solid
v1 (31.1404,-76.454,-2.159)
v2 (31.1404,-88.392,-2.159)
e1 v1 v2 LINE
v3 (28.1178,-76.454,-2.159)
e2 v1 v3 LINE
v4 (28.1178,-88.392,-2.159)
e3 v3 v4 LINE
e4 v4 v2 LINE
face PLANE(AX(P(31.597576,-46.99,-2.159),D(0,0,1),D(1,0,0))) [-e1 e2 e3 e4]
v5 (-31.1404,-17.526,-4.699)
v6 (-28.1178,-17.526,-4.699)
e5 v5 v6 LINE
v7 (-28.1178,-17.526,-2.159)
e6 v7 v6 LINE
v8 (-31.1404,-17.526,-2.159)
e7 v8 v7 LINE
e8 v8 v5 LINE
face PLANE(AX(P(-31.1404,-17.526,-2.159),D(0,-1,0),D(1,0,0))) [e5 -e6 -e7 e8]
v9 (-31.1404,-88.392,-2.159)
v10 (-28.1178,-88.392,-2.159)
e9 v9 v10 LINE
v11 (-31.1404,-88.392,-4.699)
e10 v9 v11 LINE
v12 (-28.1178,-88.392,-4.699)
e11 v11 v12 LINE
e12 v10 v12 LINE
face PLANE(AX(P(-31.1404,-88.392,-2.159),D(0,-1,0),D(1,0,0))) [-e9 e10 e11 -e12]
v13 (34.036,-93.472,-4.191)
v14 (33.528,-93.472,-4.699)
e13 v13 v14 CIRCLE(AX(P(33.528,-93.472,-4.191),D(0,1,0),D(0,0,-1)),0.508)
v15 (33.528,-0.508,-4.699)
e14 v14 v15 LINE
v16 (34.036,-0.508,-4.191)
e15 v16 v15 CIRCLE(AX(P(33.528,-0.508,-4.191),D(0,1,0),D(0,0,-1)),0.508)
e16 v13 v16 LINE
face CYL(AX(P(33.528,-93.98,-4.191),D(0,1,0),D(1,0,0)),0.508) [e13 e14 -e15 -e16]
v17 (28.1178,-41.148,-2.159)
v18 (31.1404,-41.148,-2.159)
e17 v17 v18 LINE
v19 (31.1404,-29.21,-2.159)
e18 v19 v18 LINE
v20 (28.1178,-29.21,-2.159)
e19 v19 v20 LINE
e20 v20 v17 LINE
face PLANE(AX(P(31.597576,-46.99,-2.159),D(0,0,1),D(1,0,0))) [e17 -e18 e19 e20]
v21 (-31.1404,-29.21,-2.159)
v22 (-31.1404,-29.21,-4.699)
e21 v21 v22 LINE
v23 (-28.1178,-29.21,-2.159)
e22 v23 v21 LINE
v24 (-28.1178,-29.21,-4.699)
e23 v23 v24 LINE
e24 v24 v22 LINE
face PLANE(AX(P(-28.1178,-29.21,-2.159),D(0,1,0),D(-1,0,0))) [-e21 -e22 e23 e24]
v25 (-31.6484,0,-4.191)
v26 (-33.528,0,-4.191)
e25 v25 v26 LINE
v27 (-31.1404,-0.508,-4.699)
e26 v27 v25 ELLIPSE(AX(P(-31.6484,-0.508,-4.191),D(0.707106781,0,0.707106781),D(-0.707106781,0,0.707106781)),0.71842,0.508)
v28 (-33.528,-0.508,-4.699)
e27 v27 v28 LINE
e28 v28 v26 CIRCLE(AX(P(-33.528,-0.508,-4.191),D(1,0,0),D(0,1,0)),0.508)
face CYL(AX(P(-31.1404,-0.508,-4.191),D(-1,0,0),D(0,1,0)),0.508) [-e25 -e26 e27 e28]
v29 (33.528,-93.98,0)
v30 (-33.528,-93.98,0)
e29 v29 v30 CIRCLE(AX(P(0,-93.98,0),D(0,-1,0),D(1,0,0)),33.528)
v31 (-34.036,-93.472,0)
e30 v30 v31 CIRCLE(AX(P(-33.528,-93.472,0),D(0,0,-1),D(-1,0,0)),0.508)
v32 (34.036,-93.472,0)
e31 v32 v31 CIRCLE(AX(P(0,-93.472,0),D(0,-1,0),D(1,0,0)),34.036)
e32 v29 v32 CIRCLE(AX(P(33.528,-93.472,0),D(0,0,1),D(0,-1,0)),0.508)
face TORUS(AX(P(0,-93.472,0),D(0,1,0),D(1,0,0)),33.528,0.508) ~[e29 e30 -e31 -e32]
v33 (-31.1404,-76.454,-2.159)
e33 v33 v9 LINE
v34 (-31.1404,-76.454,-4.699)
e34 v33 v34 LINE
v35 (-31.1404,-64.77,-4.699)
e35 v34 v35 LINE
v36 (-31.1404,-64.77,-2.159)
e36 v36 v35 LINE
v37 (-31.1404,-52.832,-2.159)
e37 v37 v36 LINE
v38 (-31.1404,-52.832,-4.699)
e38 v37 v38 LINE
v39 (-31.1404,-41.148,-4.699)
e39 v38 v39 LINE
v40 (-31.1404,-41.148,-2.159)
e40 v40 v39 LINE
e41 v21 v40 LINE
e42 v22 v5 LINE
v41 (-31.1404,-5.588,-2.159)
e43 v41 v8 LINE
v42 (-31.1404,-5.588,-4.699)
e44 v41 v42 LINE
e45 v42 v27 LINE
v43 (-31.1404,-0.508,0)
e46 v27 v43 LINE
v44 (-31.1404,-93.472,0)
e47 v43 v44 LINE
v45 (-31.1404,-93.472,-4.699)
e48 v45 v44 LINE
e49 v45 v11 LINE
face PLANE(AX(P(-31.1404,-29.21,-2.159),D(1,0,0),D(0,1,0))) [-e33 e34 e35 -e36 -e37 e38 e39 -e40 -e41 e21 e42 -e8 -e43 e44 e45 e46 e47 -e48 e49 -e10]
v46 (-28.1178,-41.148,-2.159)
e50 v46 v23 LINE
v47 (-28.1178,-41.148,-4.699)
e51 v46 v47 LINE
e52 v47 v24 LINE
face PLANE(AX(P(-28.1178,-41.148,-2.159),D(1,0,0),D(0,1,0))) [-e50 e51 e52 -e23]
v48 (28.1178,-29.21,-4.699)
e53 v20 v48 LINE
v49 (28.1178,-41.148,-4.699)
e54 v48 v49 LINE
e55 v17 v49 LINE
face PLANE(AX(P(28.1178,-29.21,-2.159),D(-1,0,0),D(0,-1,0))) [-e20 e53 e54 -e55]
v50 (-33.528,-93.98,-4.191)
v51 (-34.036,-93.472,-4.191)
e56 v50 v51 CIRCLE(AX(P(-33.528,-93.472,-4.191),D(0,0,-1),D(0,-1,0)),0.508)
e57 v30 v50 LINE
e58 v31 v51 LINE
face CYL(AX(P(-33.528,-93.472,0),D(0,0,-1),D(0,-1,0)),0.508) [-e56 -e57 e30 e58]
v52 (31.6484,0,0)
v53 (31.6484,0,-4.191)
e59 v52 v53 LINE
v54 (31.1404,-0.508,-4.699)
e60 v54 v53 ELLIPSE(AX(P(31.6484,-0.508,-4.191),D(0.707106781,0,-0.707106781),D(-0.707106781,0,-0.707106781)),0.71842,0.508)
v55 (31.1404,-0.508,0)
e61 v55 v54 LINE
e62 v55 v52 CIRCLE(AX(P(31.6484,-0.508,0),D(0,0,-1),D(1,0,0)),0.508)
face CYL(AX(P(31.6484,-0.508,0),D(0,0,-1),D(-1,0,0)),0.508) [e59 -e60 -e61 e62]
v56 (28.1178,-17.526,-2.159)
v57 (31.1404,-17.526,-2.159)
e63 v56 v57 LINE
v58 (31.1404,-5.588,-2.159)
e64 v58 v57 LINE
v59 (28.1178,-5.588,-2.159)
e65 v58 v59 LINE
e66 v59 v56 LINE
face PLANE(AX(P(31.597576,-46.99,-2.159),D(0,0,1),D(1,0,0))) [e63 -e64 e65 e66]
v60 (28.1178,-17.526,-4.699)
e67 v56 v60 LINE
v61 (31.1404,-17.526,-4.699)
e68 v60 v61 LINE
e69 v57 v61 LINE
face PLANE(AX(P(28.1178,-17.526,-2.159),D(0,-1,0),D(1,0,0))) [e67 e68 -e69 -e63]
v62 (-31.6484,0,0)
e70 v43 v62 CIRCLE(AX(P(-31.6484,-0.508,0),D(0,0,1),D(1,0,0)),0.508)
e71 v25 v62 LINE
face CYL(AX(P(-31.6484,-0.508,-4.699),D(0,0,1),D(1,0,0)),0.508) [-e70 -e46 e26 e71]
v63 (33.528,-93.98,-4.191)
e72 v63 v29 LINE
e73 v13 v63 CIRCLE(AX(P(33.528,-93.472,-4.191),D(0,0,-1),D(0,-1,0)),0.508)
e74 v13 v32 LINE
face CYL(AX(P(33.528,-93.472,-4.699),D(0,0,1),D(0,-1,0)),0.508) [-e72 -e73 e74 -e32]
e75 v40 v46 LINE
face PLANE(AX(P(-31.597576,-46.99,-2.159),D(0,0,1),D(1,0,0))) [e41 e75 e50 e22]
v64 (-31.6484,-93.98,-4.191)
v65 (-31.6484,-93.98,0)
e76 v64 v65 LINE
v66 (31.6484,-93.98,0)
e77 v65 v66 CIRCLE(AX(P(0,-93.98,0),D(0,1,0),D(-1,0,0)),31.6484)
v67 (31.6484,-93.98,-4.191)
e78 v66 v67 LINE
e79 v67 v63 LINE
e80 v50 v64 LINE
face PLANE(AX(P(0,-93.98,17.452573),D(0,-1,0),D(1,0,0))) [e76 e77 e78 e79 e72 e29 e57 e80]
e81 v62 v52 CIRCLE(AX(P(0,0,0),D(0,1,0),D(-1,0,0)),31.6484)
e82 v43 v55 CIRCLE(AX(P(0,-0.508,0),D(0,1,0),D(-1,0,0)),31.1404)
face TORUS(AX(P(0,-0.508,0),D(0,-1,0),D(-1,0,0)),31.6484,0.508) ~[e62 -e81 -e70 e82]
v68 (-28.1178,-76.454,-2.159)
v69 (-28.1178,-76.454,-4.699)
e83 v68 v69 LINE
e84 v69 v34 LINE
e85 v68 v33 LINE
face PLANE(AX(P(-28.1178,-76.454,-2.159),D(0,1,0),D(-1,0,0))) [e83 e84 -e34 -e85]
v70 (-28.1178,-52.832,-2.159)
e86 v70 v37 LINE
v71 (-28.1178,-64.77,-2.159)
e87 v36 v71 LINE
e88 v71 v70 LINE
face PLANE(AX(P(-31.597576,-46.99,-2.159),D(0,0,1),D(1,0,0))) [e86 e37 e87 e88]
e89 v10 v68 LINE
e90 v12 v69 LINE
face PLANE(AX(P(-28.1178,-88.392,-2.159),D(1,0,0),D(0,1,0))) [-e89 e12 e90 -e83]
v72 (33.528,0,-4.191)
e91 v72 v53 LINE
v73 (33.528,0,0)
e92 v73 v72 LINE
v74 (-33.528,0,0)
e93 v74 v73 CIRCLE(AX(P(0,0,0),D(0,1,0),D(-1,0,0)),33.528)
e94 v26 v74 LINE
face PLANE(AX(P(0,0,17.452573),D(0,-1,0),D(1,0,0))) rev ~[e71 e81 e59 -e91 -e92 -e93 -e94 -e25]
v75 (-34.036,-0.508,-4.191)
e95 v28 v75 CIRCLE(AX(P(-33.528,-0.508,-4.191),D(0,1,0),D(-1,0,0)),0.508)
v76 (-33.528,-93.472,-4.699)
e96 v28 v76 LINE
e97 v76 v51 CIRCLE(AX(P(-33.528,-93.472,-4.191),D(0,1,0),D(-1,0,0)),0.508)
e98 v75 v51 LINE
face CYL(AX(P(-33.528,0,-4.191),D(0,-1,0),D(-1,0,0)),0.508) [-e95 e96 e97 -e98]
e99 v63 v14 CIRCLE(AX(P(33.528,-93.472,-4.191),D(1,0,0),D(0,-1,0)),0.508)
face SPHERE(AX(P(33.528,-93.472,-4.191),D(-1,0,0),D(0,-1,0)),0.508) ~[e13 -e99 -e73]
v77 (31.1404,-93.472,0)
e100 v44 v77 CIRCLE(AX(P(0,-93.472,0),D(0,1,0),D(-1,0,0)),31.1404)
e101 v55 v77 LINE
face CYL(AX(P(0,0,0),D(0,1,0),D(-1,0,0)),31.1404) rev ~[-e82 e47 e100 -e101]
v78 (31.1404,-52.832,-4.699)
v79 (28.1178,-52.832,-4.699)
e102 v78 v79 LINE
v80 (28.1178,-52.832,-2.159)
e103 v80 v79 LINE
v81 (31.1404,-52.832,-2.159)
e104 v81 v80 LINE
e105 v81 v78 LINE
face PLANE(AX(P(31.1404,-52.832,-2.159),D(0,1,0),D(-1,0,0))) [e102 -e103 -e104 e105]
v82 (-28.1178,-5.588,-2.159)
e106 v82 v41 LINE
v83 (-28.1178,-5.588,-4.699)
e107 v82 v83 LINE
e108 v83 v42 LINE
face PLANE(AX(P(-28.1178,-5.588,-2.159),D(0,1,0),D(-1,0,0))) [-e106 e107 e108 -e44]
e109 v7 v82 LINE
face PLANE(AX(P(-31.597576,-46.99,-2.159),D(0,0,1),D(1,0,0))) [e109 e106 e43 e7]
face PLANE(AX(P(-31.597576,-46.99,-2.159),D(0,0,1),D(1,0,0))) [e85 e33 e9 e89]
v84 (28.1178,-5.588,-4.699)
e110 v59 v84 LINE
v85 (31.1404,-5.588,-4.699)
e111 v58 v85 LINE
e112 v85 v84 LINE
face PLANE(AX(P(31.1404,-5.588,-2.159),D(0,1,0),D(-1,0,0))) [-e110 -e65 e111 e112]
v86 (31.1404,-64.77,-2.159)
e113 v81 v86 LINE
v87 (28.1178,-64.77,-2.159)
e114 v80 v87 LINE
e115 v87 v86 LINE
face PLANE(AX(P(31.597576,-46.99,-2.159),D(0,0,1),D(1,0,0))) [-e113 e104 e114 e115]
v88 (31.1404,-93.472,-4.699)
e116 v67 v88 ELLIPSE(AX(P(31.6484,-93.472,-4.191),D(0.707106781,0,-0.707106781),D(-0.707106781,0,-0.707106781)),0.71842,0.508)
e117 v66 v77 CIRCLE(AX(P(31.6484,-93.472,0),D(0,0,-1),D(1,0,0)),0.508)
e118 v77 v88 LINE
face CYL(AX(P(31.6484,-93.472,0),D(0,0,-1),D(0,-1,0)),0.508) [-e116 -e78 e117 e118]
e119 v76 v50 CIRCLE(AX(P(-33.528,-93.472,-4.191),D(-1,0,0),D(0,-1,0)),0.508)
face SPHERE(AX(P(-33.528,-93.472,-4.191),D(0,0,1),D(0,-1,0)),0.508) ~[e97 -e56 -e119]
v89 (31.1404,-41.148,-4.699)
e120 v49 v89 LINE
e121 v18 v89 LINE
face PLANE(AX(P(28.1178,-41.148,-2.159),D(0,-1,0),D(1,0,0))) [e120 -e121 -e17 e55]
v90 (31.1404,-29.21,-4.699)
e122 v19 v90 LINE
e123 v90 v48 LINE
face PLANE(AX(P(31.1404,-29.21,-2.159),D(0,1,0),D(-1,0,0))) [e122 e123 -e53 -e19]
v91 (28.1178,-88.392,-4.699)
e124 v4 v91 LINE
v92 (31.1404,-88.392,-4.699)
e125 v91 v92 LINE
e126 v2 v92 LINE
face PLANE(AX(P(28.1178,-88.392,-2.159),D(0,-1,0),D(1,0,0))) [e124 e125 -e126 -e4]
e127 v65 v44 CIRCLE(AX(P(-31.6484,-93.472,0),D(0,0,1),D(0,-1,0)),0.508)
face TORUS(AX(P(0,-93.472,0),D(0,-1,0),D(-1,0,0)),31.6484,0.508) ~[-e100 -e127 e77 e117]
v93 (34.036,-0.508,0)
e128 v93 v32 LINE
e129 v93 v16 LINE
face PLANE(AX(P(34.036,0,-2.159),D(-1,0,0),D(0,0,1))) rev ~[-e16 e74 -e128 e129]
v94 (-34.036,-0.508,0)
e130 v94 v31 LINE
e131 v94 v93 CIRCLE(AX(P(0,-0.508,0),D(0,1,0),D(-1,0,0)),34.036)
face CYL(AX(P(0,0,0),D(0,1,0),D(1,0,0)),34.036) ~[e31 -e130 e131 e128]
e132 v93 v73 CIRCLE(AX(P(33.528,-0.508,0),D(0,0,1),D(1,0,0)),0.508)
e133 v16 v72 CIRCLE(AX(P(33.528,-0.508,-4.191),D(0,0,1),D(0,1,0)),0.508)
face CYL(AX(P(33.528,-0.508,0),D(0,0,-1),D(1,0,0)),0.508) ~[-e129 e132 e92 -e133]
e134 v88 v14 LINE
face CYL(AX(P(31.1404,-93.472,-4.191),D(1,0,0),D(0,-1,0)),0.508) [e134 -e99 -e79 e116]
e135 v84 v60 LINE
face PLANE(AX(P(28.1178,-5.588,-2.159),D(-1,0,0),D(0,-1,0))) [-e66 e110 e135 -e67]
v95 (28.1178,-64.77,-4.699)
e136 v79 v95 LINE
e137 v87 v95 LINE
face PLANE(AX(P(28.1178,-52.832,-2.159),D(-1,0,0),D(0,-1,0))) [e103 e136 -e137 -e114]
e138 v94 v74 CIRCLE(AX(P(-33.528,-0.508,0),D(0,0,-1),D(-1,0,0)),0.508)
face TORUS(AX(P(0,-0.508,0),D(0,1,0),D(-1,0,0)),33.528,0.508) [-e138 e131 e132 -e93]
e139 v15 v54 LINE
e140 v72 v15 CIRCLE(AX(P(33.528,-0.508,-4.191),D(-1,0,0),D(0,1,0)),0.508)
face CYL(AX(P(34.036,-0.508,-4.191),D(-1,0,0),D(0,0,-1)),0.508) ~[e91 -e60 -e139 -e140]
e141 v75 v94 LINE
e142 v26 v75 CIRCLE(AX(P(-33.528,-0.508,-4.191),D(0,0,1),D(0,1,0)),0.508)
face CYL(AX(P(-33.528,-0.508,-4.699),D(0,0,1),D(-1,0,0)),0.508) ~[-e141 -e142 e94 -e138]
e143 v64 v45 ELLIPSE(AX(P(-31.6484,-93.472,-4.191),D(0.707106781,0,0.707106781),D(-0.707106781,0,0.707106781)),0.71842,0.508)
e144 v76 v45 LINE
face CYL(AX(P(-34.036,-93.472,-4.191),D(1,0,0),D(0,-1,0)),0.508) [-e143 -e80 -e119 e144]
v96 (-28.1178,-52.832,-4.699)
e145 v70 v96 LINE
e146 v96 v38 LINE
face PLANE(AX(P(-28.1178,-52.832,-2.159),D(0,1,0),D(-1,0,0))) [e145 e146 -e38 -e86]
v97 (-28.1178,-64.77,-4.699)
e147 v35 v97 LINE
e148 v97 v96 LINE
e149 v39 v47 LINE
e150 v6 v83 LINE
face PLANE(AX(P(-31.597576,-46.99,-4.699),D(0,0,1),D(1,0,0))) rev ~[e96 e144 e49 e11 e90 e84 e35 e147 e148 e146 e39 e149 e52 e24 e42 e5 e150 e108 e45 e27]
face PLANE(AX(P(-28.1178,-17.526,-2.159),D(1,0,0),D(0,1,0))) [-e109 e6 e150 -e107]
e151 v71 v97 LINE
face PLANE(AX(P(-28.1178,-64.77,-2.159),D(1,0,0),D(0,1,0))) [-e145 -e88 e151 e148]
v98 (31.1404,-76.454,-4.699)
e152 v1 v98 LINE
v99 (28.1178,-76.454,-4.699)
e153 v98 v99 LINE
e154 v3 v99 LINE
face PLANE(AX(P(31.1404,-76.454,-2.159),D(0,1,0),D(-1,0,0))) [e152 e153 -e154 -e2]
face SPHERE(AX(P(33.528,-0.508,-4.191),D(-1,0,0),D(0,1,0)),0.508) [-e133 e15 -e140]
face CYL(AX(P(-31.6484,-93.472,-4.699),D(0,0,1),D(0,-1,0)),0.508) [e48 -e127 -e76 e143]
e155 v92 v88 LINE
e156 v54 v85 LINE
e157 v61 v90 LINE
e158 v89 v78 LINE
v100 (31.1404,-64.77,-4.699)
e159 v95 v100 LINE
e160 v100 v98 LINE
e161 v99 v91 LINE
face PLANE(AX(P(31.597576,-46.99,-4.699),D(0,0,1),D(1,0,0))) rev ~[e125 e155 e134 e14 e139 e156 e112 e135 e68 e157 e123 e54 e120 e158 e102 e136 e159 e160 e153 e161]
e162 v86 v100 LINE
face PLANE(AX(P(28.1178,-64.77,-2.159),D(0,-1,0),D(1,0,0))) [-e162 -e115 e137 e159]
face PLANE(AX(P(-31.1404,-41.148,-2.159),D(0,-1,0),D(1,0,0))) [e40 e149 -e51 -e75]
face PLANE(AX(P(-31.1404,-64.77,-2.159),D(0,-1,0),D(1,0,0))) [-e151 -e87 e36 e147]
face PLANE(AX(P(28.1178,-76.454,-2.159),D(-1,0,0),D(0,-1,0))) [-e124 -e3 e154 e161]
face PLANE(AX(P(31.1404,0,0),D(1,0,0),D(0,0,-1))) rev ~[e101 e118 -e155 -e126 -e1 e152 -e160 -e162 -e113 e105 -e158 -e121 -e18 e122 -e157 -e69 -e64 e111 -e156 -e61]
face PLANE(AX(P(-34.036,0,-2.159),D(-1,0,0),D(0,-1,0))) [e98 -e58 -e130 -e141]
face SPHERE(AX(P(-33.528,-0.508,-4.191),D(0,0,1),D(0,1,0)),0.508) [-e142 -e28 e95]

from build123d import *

# Parameters (mm, degrees)
F1_DEPTH = 93.98
F3_START = -2.159
F3_DEPTH = 2.54
F4_R     = 0.508


with BuildPart() as f1:
    # F0 (on Front) → F1 (new body)
    with BuildSketch(Plane.XZ):
        with BuildLine():
            ThreePointArc((-31.1404, 0), (0, 31.1404), (31.1404, 0))
            Line((31.1404, 0), (31.1404, -2.159))
            Line((31.1404, -2.159), (34.036, -2.159))
            Line((34.036, -2.159), (34.036, 0))
            ThreePointArc((34.036, 0), (0, 34.036), (-34.036, 0))
            Line((-34.036, 0), (-34.036, -2.159))
            Line((-34.036, -2.159), (-31.1404, -2.159))
            Line((-31.1404, -2.159), (-31.1404, 0))
        make_face()
    extrude(amount=F1_DEPTH)

    # F2 (on Top) → F3 (join)
    with BuildSketch(Plane.XY.offset(F3_START)):
        Polygon((-31.1404, -29.21), (-31.1404, -17.526), (-28.1178, -17.526), (-28.1178, -5.588), (-31.1404, -5.588), (-31.1404, 0), (-34.036, 0), (-34.036, -93.98), (-31.1404, -93.98), (-31.1404, -88.392), (-28.1178, -88.392), (-28.1178, -76.454), (-31.1404, -76.454), (-31.1404, -64.77), (-28.1178, -64.77), (-28.1178, -52.832), (-31.1404, -52.832), (-31.1404, -41.148), (-28.1178, -41.148), (-28.1178, -29.21), align=None)
        Polygon((28.1178, -17.526), (31.1404, -17.526), (31.1404, -29.21), (28.1178, -29.21), (28.1178, -41.148), (31.1404, -41.148), (31.1404, -52.832), (28.1178, -52.832), (28.1178, -64.77), (31.1404, -64.77), (31.1404, -76.454), (28.1178, -76.454), (28.1178, -88.392), (31.1404, -88.392), (31.1404, -93.98), (34.036, -93.98), (34.036, 0), (31.1404, 0), (31.1404, -5.588), (28.1178, -5.588), align=None)
    extrude(amount=-F3_DEPTH)

    # F4
    f4_edges = [f1.edges().sort_by_distance(p)[0] for p in [
        (0, -93.98, 31.1404),
        (31.1404, -93.98, -2.3495),
        (32.5882, -93.98, -4.699),
        (34.036, -93.98, -2.3495),
        (0, -93.98, 34.036),
        (-34.036, -93.98, -2.3495),
        (-32.5882, -93.98, -4.699),
        (-31.1404, -93.98, -2.3495),
        (0, 0, 31.1404),
        (31.1404, 0, -2.3495),
        (32.5882, 0, -4.699),
        (34.036, 0, -2.3495),
        (0, 0, 34.036),
        (-34.036, 0, -2.3495),
        (-32.5882, 0, -4.699),
        (-31.1404, 0, -2.3495),
        (34.036, -46.99, -4.699),
        (-34.036, -46.99, -4.699),
    ]]
    fillet(f4_edges, radius=F4_R)


solid = f1.part
